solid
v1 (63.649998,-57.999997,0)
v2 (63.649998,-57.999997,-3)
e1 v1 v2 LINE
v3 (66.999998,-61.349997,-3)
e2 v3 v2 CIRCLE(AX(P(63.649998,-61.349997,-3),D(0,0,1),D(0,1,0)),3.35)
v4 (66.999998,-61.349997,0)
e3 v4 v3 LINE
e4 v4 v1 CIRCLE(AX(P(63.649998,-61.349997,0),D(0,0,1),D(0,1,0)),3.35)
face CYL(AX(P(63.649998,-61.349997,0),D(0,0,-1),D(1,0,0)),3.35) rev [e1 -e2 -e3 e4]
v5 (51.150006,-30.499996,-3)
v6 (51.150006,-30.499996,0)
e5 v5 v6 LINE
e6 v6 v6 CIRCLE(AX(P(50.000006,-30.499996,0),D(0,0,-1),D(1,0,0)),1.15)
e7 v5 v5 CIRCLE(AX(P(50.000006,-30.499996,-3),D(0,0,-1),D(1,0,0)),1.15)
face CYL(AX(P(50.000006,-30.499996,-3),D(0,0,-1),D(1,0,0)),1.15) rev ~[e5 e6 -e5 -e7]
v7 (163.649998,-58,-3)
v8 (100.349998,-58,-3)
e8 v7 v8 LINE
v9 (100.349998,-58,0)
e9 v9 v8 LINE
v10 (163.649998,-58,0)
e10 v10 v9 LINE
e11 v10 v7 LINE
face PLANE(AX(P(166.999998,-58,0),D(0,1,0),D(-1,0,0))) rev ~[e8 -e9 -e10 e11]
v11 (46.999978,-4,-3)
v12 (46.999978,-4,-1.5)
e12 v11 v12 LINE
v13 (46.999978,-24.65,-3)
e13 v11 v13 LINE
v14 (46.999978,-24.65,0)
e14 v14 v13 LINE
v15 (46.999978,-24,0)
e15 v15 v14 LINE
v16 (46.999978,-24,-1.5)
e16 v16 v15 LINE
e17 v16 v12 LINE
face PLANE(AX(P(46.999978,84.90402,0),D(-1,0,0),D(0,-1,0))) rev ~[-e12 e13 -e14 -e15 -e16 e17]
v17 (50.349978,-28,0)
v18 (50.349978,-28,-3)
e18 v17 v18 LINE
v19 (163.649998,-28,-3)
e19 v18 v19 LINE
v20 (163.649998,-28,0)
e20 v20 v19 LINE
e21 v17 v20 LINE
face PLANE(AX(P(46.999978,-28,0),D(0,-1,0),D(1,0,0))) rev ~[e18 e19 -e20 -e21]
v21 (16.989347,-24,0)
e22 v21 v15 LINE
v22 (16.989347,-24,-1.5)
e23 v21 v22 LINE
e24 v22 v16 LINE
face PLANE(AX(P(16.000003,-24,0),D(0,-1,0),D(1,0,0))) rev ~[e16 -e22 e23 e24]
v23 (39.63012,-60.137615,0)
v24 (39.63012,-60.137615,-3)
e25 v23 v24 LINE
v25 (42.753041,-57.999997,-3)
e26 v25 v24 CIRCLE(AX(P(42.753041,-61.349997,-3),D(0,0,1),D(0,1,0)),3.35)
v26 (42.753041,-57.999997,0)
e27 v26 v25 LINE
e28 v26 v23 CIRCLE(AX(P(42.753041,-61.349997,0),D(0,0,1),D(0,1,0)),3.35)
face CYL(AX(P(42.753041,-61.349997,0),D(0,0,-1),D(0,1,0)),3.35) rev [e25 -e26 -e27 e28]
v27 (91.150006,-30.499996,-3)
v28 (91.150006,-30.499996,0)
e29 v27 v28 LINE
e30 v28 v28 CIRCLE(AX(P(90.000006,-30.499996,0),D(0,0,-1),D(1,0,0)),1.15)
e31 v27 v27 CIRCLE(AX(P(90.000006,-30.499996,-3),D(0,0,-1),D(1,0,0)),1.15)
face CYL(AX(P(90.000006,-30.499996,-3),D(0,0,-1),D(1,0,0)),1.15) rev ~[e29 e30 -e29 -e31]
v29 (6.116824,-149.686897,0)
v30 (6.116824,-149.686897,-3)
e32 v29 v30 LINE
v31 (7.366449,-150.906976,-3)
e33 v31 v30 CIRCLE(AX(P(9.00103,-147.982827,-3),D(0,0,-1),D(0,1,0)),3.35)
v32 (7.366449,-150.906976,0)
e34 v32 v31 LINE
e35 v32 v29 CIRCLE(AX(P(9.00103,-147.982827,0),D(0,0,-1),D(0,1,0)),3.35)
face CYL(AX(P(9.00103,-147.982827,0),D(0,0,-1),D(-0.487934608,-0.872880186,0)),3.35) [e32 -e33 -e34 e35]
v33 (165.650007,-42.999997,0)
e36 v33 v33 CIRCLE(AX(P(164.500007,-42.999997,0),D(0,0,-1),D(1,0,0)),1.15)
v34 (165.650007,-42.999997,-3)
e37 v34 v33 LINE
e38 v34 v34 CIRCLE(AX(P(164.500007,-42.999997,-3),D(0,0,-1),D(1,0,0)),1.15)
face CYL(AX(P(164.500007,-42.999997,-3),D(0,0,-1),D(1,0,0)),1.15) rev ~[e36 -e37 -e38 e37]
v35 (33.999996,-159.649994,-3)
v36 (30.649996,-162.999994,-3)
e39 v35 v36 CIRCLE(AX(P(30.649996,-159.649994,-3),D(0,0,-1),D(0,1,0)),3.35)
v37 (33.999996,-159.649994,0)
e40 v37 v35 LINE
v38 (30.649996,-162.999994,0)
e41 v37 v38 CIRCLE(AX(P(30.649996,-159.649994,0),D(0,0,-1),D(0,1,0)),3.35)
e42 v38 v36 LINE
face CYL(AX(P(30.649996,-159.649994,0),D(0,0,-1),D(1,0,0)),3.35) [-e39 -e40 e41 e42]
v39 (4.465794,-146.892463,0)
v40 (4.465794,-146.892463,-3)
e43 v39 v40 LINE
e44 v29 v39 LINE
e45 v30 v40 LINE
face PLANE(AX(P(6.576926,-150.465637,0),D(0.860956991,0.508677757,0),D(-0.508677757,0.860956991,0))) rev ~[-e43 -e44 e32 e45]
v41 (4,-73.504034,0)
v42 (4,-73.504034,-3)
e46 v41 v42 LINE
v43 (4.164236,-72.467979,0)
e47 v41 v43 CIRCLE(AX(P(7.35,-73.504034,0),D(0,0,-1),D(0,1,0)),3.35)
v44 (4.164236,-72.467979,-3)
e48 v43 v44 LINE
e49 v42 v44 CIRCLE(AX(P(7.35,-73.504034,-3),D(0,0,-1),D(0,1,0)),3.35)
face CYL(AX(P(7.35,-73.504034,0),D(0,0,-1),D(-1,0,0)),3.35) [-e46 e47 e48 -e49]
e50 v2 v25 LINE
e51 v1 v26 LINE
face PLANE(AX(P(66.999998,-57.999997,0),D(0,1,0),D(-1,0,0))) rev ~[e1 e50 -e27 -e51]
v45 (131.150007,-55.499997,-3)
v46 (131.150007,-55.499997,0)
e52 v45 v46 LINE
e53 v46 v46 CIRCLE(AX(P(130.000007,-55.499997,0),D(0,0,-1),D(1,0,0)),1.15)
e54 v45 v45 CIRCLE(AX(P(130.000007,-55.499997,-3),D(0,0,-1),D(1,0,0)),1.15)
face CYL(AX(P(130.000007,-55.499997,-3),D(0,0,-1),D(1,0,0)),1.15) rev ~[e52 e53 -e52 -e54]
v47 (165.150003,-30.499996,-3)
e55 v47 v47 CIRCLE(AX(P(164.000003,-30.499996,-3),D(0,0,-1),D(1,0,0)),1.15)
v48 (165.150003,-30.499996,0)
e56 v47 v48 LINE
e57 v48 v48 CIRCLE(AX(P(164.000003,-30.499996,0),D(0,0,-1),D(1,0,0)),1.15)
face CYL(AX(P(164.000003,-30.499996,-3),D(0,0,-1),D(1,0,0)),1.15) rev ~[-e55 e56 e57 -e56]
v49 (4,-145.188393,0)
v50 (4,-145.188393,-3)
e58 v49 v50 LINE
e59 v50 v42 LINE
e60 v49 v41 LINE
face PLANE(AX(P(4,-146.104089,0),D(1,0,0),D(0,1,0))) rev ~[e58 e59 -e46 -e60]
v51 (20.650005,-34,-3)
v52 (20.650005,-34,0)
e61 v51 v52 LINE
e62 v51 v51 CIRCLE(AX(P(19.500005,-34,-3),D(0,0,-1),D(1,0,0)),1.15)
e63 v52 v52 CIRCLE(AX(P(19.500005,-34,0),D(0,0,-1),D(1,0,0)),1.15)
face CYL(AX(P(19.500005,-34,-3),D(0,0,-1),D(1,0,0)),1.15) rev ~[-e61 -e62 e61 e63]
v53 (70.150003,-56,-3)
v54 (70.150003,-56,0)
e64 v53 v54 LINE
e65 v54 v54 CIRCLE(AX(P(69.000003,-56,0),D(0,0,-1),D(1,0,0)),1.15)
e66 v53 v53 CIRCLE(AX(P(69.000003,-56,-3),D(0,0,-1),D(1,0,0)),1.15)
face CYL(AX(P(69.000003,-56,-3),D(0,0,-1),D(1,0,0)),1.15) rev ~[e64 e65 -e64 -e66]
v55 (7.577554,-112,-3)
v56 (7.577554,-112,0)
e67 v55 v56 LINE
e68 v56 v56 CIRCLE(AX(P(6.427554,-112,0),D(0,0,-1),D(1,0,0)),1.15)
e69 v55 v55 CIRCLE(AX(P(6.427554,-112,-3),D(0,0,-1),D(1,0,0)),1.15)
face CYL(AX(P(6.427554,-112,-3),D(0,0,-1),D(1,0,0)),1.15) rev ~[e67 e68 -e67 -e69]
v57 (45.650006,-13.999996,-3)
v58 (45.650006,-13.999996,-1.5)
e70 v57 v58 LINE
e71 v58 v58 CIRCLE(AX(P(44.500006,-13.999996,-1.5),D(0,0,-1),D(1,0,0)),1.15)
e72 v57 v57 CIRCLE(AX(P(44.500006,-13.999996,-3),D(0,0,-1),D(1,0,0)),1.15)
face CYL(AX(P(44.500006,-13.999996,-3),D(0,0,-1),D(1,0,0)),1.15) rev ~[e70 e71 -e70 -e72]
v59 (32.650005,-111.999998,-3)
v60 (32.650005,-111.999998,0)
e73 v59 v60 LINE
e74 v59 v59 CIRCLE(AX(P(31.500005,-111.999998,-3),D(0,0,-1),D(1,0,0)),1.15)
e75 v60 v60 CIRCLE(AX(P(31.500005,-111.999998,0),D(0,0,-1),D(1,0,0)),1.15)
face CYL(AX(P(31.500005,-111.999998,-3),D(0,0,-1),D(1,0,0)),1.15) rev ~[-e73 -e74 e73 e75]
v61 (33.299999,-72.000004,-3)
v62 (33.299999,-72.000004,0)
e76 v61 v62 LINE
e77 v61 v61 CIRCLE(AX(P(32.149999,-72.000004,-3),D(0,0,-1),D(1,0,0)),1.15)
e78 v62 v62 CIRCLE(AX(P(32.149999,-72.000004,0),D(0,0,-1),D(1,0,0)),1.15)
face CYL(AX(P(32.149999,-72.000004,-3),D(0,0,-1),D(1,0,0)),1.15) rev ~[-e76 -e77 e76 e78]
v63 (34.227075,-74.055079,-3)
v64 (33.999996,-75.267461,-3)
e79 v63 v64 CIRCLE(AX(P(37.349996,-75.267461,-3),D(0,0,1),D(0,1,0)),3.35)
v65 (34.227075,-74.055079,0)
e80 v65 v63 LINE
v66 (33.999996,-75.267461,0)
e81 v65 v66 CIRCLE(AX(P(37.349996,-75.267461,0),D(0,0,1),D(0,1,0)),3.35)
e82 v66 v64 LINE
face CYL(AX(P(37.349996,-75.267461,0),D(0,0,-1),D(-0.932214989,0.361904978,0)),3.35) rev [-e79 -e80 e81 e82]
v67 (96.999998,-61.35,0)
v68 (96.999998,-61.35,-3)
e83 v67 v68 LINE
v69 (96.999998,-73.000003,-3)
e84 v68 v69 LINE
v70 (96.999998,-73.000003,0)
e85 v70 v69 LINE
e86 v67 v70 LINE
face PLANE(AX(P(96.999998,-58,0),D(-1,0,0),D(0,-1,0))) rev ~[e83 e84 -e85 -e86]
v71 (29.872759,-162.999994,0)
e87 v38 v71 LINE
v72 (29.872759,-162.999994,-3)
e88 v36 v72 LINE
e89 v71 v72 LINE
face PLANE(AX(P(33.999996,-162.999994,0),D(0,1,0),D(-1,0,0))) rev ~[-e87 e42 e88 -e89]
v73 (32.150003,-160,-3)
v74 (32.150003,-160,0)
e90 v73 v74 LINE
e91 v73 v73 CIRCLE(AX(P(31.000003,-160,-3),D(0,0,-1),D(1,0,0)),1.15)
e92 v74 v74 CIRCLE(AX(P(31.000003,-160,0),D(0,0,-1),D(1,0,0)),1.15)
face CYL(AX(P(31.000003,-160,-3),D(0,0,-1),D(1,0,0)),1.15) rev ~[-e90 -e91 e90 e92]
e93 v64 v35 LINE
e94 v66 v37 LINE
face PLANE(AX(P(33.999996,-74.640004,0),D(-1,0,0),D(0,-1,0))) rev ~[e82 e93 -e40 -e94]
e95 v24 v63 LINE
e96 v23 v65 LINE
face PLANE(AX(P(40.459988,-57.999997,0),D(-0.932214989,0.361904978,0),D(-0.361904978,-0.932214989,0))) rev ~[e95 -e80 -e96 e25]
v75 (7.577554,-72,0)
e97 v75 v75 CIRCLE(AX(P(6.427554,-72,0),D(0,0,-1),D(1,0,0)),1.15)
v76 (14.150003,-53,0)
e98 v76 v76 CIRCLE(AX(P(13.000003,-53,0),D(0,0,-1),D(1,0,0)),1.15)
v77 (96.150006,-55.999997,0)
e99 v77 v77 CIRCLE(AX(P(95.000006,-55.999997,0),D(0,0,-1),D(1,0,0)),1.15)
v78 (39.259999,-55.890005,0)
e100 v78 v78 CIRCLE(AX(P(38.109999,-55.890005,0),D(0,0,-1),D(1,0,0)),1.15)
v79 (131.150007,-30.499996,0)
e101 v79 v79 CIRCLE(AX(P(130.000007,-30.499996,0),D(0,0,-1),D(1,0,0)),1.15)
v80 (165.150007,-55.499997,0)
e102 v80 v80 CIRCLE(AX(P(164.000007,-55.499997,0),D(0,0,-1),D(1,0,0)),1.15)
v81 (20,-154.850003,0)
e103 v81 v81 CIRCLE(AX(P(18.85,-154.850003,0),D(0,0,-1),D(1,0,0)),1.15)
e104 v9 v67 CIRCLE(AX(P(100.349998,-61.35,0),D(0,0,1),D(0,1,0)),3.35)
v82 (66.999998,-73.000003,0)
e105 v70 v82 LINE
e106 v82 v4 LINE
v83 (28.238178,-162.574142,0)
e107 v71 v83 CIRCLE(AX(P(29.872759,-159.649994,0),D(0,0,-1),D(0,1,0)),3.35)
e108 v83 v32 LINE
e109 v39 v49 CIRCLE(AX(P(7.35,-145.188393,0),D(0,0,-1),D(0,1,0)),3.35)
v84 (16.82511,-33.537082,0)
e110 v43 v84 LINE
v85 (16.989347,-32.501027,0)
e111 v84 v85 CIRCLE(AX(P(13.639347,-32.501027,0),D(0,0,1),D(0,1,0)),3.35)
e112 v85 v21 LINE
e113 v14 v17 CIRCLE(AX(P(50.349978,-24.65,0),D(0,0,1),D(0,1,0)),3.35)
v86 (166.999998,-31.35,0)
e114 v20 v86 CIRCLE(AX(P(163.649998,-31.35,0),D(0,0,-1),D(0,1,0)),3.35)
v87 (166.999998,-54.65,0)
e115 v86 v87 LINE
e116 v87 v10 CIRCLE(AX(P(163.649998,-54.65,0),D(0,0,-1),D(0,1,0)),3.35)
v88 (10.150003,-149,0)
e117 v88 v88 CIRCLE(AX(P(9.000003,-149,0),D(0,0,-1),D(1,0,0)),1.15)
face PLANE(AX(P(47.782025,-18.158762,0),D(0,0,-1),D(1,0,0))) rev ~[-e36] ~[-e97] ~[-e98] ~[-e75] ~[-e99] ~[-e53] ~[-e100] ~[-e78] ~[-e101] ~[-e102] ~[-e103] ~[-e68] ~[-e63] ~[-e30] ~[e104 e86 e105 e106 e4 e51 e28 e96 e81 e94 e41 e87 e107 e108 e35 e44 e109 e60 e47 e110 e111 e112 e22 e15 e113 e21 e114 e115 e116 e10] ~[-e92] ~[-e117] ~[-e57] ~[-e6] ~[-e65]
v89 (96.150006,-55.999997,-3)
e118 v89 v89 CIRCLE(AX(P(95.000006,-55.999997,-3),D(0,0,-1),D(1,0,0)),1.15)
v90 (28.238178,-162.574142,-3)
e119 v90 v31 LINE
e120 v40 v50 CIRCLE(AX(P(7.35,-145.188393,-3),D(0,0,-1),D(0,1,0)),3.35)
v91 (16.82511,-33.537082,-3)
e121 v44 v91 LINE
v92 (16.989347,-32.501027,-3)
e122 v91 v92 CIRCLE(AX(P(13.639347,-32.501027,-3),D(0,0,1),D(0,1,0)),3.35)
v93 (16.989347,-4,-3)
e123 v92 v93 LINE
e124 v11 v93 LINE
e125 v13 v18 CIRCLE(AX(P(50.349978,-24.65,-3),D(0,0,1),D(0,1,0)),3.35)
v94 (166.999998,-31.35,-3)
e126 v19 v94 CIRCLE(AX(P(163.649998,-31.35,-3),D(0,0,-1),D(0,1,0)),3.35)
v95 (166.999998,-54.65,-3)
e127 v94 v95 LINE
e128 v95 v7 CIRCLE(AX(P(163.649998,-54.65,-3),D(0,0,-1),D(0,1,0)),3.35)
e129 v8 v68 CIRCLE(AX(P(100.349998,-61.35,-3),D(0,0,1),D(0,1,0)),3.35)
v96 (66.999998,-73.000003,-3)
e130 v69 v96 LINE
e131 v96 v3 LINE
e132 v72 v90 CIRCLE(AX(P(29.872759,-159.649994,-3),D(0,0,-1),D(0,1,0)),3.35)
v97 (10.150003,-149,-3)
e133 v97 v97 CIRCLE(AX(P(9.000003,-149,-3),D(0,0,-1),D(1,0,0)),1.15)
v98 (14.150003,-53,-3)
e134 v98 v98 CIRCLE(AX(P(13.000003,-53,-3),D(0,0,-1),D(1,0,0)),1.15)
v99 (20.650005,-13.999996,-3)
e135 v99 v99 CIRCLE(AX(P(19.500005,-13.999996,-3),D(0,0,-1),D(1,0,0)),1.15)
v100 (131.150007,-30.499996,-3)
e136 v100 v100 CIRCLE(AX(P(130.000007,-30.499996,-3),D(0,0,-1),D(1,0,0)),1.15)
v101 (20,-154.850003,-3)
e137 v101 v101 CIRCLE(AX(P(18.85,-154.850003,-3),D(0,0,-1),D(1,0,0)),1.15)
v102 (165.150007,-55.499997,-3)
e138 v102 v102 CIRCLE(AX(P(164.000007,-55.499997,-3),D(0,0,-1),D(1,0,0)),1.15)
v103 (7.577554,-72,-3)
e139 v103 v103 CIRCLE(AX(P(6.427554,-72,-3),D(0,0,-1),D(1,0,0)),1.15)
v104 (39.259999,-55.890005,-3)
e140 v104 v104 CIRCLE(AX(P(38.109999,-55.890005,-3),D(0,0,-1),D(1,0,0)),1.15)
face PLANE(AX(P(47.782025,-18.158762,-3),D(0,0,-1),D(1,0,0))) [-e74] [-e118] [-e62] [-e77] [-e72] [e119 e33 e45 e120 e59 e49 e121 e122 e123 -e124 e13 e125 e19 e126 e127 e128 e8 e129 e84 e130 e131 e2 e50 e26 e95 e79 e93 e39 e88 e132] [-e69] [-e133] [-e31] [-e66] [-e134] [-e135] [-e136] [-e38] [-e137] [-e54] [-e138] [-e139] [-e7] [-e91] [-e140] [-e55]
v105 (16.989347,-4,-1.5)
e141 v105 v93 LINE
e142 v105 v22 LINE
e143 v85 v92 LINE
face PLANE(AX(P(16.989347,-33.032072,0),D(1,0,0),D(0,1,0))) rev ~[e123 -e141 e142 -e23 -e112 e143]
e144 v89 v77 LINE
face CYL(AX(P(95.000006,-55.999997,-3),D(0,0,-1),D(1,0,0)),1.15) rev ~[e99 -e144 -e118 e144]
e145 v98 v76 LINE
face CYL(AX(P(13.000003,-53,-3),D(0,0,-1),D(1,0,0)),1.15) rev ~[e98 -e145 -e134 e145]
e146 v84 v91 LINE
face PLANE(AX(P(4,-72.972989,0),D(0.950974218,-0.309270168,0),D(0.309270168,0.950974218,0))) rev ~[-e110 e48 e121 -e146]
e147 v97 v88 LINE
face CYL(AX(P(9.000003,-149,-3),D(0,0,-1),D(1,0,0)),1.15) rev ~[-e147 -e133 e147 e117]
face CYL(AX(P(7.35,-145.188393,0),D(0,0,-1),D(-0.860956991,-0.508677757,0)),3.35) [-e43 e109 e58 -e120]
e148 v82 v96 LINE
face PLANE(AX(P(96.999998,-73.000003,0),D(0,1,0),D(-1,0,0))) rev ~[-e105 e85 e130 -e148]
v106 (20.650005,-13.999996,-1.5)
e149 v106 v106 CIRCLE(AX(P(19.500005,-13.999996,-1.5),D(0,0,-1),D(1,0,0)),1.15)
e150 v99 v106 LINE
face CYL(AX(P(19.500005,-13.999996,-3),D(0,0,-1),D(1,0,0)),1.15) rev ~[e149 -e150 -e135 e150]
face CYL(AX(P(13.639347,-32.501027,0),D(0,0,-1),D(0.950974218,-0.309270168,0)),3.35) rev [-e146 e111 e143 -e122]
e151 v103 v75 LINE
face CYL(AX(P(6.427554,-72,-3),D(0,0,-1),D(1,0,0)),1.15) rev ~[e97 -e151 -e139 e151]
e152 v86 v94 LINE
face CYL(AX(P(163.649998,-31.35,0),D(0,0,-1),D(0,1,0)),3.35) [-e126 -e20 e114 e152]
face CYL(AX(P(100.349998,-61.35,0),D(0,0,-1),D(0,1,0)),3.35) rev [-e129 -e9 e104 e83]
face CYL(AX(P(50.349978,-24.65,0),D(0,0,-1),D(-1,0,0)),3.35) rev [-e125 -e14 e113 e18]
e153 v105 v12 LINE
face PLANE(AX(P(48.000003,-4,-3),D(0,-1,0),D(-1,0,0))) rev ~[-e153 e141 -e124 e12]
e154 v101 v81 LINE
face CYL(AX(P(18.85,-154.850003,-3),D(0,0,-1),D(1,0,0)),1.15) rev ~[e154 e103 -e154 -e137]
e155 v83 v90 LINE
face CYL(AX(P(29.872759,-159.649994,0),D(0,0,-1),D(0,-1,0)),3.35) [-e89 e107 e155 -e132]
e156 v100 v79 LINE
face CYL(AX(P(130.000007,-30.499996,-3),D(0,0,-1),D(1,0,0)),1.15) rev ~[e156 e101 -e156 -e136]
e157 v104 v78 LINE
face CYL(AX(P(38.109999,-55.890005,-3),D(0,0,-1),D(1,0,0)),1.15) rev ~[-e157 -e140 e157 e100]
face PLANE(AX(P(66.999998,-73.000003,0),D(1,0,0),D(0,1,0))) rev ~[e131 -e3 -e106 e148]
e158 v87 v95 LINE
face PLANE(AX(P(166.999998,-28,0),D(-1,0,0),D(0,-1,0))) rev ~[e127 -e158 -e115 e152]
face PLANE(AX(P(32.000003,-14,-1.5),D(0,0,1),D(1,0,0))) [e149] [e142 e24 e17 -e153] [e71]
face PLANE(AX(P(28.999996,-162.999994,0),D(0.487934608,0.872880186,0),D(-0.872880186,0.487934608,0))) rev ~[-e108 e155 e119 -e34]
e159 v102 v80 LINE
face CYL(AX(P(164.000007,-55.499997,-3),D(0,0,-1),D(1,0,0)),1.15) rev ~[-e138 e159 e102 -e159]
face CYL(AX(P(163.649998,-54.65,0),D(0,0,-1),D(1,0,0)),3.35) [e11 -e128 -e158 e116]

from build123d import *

# Parameters (mm, degrees)
PAD012_DEPTH            = 3
FILLET037_R             = 3.35
SKETCH185_R             = 1.15
POCKET053_DEPTH         = 3
POCKET056_DEPTH         = 5
SKETCH189_W             = 32
SKETCH189_H             = 20
POCKET057_DEPTH         = 1.5
BODY024_PLACEMENT_ANGLE = 149
CLONE_PLACEMENT_ANGLE   = 149


with BuildPart() as part:
    # Sketch184 → Pad012 (new body)
    with BuildSketch(Plane(origin=(0, 0, 0), x_dir=(1, 0, 0), z_dir=(0, 0, -1))):
        Polygon((101.467362, -402.500006), (130.400002, -402.500006), (135.400002, -402.500006), (135.400002, -397.500006), (174.999975, -357.90402), (174.999975, -245), (289.999995, -245), (294.999995, -245), (294.999995, -215), (289.999995, -215), (224.999995, -215), (224.999995, -199.999997), (219.999995, -199.999997), (199.999995, -199.999997), (194.999995, -199.999997), (194.999995, -215.000003), (168.459985, -215.000003), (161.999993, -198.359996), (161.999993, -115.000006), (161.999993, -110.000006), (156.999993, -110.000006), (134.576923, -122.534363), (131.999997, -126.895911), (131.999997, -200.027011), (144.989344, -239.967928), (144.989344, -343.839368), (96.467362, -392.500006), (96.467362, -397.500006), (96.467362, -402.500006), align=None)
    extrude(amount=PAD012_DEPTH)

    # Fillet037
    fillet037_edges = [part.edges().sort_by_distance(p)[0] for p in [
        (194.999995, 215.000003, -1.5),
        (168.459985, 215.000003, -1.5),
        (161.999993, 198.359996, -1.5),
        (161.999993, 110.000006, -1.5),
        (156.999993, 110.000006, -1.5),
        (134.576923, 122.534363, -1.5),
        (131.999997, 126.895911, -1.5),
        (131.999997, 200.027011, -1.5),
        (144.989344, 239.967928, -1.5),
        (144.989344, 343.839368, -1.5),
        (96.467362, 392.500006, -1.5),
        (135.400002, 397.500006, -1.5),
        (174.999975, 357.90402, -1.5),
        (174.999975, 245, -1.5),
        (294.999995, 245, -1.5),
        (294.999995, 215, -1.5),
        (224.999995, 215, -1.5),
    ]]
    fillet(fillet037_edges, radius=FILLET037_R)

    # Sketch185 (on Face5 of Fillet037) → Pocket053 (cut)
    with BuildSketch(Plane(origin=(0, 0, -3), x_dir=(1, 0, 0), z_dir=(0, 0, -1))):
        with Locations((105, -389)):
            Circle(SKETCH185_R)
        with Locations((145, -349)):
            Circle(SKETCH185_R)
        with Locations((147.500002, -309.000005)):
            Circle(SKETCH185_R)
        with Locations((147.500002, -259.000004)):
            Circle(SKETCH185_R)
        with Locations((172.500003, -259.000004)):
            Circle(SKETCH185_R)
        with Locations((172.500003, -309.000005)):
            Circle(SKETCH185_R)
        with Locations((172.500003, -349.000005)):
            Circle(SKETCH185_R)
        with Locations((147.665007, -382.765018)):
            Circle(SKETCH185_R)
        with Locations((178.000003, -242.500004)):
            Circle(SKETCH185_R)
        with Locations((218.000003, -242.500004)):
            Circle(SKETCH185_R)
        with Locations((258.000004, -242.500004)):
            Circle(SKETCH185_R)
        with Locations((258.000004, -217.500003)):
            Circle(SKETCH185_R)
        with Locations((292, -242.500004)):
            Circle(SKETCH185_R)
        with Locations((292.000004, -217.500003)):
            Circle(SKETCH185_R)
        with Locations((292.500004, -230.000003)):
            Circle(SKETCH185_R)
        with Locations((223.000003, -217.000003)):
            Circle(SKETCH185_R)
        with Locations((197, -217)):
            Circle(SKETCH185_R)
        with Locations((166.109996, -217.109995)):
            Circle(SKETCH185_R)
        with Locations((147.500002, -239)):
            Circle(SKETCH185_R)
        with Locations((141, -220)):
            Circle(SKETCH185_R)
        with Locations((134.427551, -201)):
            Circle(SKETCH185_R)
        with Locations((160.149996, -200.999996)):
            Circle(SKETCH185_R)
        with Locations((134.427551, -161)):
            Circle(SKETCH185_R)
        with Locations((159.500002, -161.000002)):
            Circle(SKETCH185_R)
        with Locations((137, -124)):
            Circle(SKETCH185_R)
        with Locations((146.849997, -118.149997)):
            Circle(SKETCH185_R)
        with Locations((159, -113)):
            Circle(SKETCH185_R)
    extrude(amount=-POCKET053_DEPTH, mode=Mode.SUBTRACT)

    # Sketch188 (on Face5 of Pocket053) → Pocket056 (cut)
    with BuildSketch(Plane(origin=(0, 0, -3), x_dir=(1, 0, 0), z_dir=(0, 0, -1))):
        Polygon((145, -269), (175, -269), (176, -269), (176, -410), (90, -410), (90, -269), align=None)
    extrude(amount=-POCKET056_DEPTH, mode=Mode.SUBTRACT)

    # Sketch189 (on Face2 of Pocket056) → Pocket057 (cut)
    with BuildSketch(Plane.XY):
        with Locations((160, 259)):
            Rectangle(SKETCH189_W, SKETCH189_H)
    extrude(amount=-POCKET057_DEPTH, mode=Mode.SUBTRACT)


with BuildPart() as part_1:
    # Body024 placement: moved
    add(part.part.moved(Location((707.641298, 2.853319, 22))).rotate(Axis((707.641298, 2.853319, 22), (0, 0, 1)), BODY024_PLACEMENT_ANGLE))


with BuildPart() as part_2:
    # Clone placement: moved
    add(part_1.part.moved(Location((477.097416, 93.907984, -22))).rotate(Axis((477.097416, 93.907984, -22), (0, 0, -1)), CLONE_PLACEMENT_ANGLE))


solid = part_2.part
